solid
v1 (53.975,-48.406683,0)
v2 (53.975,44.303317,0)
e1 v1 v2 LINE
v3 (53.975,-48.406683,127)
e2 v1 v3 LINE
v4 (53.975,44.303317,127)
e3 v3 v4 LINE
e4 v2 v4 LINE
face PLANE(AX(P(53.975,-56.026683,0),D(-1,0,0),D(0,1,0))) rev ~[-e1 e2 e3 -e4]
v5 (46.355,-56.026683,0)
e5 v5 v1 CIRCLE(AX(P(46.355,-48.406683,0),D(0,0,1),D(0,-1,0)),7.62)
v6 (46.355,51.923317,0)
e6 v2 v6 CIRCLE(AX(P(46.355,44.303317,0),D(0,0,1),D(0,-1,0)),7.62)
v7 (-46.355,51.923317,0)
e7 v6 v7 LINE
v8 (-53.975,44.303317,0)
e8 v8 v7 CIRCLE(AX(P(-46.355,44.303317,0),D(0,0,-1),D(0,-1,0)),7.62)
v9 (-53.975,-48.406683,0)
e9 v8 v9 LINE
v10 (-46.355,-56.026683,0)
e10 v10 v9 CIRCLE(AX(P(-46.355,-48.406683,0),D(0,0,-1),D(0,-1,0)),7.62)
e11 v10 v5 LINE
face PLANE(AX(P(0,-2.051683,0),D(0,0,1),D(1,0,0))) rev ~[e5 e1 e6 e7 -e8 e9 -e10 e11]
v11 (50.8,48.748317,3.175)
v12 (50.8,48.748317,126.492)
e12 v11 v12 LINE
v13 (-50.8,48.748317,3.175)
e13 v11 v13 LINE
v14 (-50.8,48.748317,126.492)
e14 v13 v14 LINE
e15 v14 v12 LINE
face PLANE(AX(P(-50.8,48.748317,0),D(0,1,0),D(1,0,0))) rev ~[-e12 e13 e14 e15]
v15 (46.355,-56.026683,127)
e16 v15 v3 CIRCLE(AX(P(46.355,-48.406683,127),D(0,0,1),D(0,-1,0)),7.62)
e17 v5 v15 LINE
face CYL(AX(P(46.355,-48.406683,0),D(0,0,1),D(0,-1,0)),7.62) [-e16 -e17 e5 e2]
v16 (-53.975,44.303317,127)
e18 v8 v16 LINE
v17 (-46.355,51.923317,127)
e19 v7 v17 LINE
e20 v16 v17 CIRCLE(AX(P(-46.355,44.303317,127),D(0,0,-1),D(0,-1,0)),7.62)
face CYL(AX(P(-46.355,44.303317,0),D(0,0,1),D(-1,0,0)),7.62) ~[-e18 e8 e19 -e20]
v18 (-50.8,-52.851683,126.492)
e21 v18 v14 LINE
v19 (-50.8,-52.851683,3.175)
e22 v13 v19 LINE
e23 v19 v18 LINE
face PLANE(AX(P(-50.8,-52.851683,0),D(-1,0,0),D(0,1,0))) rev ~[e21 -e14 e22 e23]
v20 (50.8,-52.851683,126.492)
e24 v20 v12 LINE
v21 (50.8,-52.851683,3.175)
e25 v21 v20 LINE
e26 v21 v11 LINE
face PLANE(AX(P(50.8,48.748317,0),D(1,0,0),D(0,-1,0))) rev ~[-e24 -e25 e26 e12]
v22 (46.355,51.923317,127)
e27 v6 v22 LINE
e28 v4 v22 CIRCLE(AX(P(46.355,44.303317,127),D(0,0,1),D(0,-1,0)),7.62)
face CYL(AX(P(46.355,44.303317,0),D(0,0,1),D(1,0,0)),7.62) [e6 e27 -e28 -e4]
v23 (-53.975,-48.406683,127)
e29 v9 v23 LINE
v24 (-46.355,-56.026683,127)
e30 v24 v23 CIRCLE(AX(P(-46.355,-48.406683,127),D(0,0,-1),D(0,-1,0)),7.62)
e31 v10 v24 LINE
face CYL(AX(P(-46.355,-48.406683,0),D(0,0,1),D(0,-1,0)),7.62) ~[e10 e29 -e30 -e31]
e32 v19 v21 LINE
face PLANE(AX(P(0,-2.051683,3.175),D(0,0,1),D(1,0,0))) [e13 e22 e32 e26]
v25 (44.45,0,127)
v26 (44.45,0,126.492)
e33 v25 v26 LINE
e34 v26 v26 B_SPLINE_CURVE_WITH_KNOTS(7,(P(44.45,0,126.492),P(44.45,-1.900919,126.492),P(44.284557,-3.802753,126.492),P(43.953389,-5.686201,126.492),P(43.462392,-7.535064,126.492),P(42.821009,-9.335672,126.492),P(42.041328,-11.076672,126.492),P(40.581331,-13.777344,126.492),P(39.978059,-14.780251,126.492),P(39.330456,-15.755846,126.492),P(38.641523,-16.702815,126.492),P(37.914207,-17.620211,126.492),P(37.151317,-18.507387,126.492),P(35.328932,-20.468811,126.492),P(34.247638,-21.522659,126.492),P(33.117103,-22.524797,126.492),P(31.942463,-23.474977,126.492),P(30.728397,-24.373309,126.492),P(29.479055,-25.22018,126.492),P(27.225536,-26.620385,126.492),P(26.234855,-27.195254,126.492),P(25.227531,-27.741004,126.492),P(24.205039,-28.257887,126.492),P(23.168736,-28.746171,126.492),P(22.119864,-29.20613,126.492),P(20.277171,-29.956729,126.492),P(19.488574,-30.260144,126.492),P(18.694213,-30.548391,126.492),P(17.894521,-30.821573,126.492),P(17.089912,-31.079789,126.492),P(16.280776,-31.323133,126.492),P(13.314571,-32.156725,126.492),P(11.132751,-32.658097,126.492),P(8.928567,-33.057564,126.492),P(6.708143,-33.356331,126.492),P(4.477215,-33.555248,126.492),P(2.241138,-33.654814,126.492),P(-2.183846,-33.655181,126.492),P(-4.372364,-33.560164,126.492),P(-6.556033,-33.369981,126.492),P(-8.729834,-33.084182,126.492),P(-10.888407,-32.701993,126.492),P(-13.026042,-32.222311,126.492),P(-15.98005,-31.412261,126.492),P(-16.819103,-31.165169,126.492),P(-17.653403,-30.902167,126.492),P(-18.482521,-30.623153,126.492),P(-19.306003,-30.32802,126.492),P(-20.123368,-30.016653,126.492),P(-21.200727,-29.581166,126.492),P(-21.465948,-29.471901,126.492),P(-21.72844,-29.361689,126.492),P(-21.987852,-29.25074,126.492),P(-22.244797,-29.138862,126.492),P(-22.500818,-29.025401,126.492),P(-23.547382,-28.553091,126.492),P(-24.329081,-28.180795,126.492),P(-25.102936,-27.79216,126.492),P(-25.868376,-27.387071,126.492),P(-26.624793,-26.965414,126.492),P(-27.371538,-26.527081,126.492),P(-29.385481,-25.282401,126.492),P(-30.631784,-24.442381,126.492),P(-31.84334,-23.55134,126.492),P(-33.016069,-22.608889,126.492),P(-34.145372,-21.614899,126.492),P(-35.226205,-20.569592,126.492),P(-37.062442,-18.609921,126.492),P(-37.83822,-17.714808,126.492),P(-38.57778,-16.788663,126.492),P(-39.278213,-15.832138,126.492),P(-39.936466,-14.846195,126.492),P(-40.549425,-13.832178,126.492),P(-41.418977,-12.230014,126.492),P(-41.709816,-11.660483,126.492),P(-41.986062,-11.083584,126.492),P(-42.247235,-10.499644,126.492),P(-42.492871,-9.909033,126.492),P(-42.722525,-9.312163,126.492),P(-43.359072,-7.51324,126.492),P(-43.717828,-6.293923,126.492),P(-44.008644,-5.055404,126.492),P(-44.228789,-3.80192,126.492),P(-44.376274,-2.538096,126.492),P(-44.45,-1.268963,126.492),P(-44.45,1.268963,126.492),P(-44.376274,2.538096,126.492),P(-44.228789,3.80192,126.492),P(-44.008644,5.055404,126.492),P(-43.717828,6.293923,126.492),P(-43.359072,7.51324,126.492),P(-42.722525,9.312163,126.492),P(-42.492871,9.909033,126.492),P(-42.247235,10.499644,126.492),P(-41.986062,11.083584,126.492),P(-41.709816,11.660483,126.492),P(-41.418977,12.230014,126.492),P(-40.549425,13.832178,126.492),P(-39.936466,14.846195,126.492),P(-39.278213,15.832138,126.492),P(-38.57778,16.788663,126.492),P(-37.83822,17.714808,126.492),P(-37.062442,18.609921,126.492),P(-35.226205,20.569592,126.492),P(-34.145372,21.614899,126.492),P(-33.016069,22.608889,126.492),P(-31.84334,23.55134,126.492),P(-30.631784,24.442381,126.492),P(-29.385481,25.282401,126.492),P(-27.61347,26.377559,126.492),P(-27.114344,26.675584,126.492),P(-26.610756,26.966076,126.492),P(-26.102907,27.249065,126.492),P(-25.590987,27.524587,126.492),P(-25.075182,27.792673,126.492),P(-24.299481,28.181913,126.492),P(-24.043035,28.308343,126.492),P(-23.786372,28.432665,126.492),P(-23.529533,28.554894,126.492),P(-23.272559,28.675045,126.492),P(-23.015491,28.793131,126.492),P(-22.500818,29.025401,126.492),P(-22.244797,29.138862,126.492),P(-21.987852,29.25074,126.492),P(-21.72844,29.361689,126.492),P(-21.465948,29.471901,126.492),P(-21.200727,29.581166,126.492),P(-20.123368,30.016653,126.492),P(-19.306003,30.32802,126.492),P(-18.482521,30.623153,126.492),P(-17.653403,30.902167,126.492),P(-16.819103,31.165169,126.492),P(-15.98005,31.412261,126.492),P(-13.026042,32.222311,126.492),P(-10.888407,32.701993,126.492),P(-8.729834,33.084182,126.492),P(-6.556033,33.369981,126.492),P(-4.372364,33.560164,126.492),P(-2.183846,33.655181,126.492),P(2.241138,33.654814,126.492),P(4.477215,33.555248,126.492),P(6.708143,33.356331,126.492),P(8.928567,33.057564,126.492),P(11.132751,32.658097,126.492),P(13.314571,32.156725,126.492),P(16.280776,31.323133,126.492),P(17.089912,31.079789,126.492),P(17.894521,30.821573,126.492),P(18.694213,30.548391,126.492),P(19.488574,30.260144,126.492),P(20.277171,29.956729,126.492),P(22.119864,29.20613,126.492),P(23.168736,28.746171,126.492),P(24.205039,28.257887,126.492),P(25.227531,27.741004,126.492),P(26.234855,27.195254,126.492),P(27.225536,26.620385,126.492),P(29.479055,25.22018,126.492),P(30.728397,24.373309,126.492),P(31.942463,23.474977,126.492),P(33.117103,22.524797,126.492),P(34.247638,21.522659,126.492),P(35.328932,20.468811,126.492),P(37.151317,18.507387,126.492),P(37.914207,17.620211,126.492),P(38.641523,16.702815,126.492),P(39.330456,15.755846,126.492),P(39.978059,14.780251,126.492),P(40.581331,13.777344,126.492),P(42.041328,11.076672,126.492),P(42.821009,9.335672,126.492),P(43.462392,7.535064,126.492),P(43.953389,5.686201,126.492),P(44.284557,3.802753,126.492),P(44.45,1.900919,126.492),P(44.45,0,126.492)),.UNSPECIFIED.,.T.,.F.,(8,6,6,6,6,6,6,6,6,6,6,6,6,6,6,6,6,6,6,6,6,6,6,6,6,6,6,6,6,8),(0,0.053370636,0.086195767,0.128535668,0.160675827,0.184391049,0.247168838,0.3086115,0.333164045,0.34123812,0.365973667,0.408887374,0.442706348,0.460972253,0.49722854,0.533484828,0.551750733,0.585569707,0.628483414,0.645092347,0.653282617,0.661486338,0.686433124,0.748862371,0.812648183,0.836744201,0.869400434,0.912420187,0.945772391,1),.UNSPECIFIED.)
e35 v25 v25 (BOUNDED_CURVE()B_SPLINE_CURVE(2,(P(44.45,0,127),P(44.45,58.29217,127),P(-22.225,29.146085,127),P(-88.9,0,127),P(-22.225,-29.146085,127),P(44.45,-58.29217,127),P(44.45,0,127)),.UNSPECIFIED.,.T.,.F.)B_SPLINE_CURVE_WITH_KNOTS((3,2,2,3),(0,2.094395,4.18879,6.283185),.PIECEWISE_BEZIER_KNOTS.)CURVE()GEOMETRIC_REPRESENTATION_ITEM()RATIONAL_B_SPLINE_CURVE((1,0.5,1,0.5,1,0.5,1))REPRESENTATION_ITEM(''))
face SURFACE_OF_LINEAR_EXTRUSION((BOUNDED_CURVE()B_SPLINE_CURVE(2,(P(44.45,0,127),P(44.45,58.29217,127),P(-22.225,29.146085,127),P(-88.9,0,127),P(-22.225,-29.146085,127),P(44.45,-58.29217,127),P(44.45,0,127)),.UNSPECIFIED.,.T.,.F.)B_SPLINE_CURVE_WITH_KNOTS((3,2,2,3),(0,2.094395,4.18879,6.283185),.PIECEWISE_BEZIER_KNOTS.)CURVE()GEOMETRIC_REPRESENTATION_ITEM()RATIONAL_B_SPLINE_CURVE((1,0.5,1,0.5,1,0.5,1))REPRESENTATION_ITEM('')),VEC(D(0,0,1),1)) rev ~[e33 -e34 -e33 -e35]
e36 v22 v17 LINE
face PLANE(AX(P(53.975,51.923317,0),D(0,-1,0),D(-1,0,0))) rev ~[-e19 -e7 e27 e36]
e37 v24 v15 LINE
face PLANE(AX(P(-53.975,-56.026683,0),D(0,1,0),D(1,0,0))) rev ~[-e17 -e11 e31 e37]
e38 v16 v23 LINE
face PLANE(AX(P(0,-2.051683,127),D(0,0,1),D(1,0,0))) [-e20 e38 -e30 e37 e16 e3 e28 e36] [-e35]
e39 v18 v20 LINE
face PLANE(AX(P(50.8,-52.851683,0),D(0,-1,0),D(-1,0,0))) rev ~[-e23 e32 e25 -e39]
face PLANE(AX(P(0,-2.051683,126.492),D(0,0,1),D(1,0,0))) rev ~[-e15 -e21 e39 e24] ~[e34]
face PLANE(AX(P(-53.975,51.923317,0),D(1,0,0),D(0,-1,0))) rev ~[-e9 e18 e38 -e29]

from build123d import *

# Parameters (mm, degrees)
F1_DEPTH = 127
F2_DEPTH = 3.175
F3_W     = 101.6
F3_H     = 101.6
F4_DEPTH = 0.508
F6_DEPTH = 12.7
F7_R     = 7.62


with BuildPart() as f1:
    # F0 (on Top) → F1 (new body)
    with BuildSketch(Plane.XY):
        Polygon((-53.975, -56.026683), (0, -56.026683), (53.975, -56.026683), (53.975, 51.923317), (-53.975, 51.923317), align=None)
        Polygon((50.8, -52.851683), (0, -52.851683), (-50.8, -52.851683), (-50.8, 48.748317), (50.8, 48.748317), align=None, mode=Mode.SUBTRACT)
    extrude(amount=F1_DEPTH)

    # F0 (on Top) → F2 (join)
    with BuildSketch(Plane.XY):
        Polygon((-50.8, -52.851683), (0, -52.851683), (50.8, -52.851683), (50.8, 48.748317), (-50.8, 48.748317), align=None)
    extrude(amount=F2_DEPTH)

    # F3 (on face) → F4 (join)
    with BuildSketch(Plane.XY.offset(127)):
        with Locations((0, -2.051683)):
            Rectangle(F3_W, F3_H)
    extrude(amount=-F4_DEPTH)

    # F5 (on face) → F6 (cut)
    with BuildSketch(Plane.XY.offset(127)):
        with BuildLine():
            add(Edge.make_bspline(
                [(44.45, 0), (44.45, 58.29217), (-22.225, 29.146085), (-88.9, 0), (-22.225, -29.146085), (44.45, -58.29217), (44.45, 0)],
                knots=[0, 0, 0, 2.094395, 2.094395, 4.18879, 4.18879, 6.283185, 6.283185, 6.283185], degree=2, weights=[1, 0.5, 1, 0.5, 1, 0.5, 1]))
        make_face()
    extrude(amount=-F6_DEPTH, mode=Mode.SUBTRACT)

    # F7
    f7_edges = [f1.edges().sort_by_distance(p)[0] for p in [
        (-53.975, -56.026683, 63.5),
        (-53.975, 51.923317, 63.5),
        (53.975, 51.923317, 63.5),
        (53.975, -56.026683, 63.5),
    ]]
    fillet(f7_edges, radius=F7_R)


solid = f1.part
